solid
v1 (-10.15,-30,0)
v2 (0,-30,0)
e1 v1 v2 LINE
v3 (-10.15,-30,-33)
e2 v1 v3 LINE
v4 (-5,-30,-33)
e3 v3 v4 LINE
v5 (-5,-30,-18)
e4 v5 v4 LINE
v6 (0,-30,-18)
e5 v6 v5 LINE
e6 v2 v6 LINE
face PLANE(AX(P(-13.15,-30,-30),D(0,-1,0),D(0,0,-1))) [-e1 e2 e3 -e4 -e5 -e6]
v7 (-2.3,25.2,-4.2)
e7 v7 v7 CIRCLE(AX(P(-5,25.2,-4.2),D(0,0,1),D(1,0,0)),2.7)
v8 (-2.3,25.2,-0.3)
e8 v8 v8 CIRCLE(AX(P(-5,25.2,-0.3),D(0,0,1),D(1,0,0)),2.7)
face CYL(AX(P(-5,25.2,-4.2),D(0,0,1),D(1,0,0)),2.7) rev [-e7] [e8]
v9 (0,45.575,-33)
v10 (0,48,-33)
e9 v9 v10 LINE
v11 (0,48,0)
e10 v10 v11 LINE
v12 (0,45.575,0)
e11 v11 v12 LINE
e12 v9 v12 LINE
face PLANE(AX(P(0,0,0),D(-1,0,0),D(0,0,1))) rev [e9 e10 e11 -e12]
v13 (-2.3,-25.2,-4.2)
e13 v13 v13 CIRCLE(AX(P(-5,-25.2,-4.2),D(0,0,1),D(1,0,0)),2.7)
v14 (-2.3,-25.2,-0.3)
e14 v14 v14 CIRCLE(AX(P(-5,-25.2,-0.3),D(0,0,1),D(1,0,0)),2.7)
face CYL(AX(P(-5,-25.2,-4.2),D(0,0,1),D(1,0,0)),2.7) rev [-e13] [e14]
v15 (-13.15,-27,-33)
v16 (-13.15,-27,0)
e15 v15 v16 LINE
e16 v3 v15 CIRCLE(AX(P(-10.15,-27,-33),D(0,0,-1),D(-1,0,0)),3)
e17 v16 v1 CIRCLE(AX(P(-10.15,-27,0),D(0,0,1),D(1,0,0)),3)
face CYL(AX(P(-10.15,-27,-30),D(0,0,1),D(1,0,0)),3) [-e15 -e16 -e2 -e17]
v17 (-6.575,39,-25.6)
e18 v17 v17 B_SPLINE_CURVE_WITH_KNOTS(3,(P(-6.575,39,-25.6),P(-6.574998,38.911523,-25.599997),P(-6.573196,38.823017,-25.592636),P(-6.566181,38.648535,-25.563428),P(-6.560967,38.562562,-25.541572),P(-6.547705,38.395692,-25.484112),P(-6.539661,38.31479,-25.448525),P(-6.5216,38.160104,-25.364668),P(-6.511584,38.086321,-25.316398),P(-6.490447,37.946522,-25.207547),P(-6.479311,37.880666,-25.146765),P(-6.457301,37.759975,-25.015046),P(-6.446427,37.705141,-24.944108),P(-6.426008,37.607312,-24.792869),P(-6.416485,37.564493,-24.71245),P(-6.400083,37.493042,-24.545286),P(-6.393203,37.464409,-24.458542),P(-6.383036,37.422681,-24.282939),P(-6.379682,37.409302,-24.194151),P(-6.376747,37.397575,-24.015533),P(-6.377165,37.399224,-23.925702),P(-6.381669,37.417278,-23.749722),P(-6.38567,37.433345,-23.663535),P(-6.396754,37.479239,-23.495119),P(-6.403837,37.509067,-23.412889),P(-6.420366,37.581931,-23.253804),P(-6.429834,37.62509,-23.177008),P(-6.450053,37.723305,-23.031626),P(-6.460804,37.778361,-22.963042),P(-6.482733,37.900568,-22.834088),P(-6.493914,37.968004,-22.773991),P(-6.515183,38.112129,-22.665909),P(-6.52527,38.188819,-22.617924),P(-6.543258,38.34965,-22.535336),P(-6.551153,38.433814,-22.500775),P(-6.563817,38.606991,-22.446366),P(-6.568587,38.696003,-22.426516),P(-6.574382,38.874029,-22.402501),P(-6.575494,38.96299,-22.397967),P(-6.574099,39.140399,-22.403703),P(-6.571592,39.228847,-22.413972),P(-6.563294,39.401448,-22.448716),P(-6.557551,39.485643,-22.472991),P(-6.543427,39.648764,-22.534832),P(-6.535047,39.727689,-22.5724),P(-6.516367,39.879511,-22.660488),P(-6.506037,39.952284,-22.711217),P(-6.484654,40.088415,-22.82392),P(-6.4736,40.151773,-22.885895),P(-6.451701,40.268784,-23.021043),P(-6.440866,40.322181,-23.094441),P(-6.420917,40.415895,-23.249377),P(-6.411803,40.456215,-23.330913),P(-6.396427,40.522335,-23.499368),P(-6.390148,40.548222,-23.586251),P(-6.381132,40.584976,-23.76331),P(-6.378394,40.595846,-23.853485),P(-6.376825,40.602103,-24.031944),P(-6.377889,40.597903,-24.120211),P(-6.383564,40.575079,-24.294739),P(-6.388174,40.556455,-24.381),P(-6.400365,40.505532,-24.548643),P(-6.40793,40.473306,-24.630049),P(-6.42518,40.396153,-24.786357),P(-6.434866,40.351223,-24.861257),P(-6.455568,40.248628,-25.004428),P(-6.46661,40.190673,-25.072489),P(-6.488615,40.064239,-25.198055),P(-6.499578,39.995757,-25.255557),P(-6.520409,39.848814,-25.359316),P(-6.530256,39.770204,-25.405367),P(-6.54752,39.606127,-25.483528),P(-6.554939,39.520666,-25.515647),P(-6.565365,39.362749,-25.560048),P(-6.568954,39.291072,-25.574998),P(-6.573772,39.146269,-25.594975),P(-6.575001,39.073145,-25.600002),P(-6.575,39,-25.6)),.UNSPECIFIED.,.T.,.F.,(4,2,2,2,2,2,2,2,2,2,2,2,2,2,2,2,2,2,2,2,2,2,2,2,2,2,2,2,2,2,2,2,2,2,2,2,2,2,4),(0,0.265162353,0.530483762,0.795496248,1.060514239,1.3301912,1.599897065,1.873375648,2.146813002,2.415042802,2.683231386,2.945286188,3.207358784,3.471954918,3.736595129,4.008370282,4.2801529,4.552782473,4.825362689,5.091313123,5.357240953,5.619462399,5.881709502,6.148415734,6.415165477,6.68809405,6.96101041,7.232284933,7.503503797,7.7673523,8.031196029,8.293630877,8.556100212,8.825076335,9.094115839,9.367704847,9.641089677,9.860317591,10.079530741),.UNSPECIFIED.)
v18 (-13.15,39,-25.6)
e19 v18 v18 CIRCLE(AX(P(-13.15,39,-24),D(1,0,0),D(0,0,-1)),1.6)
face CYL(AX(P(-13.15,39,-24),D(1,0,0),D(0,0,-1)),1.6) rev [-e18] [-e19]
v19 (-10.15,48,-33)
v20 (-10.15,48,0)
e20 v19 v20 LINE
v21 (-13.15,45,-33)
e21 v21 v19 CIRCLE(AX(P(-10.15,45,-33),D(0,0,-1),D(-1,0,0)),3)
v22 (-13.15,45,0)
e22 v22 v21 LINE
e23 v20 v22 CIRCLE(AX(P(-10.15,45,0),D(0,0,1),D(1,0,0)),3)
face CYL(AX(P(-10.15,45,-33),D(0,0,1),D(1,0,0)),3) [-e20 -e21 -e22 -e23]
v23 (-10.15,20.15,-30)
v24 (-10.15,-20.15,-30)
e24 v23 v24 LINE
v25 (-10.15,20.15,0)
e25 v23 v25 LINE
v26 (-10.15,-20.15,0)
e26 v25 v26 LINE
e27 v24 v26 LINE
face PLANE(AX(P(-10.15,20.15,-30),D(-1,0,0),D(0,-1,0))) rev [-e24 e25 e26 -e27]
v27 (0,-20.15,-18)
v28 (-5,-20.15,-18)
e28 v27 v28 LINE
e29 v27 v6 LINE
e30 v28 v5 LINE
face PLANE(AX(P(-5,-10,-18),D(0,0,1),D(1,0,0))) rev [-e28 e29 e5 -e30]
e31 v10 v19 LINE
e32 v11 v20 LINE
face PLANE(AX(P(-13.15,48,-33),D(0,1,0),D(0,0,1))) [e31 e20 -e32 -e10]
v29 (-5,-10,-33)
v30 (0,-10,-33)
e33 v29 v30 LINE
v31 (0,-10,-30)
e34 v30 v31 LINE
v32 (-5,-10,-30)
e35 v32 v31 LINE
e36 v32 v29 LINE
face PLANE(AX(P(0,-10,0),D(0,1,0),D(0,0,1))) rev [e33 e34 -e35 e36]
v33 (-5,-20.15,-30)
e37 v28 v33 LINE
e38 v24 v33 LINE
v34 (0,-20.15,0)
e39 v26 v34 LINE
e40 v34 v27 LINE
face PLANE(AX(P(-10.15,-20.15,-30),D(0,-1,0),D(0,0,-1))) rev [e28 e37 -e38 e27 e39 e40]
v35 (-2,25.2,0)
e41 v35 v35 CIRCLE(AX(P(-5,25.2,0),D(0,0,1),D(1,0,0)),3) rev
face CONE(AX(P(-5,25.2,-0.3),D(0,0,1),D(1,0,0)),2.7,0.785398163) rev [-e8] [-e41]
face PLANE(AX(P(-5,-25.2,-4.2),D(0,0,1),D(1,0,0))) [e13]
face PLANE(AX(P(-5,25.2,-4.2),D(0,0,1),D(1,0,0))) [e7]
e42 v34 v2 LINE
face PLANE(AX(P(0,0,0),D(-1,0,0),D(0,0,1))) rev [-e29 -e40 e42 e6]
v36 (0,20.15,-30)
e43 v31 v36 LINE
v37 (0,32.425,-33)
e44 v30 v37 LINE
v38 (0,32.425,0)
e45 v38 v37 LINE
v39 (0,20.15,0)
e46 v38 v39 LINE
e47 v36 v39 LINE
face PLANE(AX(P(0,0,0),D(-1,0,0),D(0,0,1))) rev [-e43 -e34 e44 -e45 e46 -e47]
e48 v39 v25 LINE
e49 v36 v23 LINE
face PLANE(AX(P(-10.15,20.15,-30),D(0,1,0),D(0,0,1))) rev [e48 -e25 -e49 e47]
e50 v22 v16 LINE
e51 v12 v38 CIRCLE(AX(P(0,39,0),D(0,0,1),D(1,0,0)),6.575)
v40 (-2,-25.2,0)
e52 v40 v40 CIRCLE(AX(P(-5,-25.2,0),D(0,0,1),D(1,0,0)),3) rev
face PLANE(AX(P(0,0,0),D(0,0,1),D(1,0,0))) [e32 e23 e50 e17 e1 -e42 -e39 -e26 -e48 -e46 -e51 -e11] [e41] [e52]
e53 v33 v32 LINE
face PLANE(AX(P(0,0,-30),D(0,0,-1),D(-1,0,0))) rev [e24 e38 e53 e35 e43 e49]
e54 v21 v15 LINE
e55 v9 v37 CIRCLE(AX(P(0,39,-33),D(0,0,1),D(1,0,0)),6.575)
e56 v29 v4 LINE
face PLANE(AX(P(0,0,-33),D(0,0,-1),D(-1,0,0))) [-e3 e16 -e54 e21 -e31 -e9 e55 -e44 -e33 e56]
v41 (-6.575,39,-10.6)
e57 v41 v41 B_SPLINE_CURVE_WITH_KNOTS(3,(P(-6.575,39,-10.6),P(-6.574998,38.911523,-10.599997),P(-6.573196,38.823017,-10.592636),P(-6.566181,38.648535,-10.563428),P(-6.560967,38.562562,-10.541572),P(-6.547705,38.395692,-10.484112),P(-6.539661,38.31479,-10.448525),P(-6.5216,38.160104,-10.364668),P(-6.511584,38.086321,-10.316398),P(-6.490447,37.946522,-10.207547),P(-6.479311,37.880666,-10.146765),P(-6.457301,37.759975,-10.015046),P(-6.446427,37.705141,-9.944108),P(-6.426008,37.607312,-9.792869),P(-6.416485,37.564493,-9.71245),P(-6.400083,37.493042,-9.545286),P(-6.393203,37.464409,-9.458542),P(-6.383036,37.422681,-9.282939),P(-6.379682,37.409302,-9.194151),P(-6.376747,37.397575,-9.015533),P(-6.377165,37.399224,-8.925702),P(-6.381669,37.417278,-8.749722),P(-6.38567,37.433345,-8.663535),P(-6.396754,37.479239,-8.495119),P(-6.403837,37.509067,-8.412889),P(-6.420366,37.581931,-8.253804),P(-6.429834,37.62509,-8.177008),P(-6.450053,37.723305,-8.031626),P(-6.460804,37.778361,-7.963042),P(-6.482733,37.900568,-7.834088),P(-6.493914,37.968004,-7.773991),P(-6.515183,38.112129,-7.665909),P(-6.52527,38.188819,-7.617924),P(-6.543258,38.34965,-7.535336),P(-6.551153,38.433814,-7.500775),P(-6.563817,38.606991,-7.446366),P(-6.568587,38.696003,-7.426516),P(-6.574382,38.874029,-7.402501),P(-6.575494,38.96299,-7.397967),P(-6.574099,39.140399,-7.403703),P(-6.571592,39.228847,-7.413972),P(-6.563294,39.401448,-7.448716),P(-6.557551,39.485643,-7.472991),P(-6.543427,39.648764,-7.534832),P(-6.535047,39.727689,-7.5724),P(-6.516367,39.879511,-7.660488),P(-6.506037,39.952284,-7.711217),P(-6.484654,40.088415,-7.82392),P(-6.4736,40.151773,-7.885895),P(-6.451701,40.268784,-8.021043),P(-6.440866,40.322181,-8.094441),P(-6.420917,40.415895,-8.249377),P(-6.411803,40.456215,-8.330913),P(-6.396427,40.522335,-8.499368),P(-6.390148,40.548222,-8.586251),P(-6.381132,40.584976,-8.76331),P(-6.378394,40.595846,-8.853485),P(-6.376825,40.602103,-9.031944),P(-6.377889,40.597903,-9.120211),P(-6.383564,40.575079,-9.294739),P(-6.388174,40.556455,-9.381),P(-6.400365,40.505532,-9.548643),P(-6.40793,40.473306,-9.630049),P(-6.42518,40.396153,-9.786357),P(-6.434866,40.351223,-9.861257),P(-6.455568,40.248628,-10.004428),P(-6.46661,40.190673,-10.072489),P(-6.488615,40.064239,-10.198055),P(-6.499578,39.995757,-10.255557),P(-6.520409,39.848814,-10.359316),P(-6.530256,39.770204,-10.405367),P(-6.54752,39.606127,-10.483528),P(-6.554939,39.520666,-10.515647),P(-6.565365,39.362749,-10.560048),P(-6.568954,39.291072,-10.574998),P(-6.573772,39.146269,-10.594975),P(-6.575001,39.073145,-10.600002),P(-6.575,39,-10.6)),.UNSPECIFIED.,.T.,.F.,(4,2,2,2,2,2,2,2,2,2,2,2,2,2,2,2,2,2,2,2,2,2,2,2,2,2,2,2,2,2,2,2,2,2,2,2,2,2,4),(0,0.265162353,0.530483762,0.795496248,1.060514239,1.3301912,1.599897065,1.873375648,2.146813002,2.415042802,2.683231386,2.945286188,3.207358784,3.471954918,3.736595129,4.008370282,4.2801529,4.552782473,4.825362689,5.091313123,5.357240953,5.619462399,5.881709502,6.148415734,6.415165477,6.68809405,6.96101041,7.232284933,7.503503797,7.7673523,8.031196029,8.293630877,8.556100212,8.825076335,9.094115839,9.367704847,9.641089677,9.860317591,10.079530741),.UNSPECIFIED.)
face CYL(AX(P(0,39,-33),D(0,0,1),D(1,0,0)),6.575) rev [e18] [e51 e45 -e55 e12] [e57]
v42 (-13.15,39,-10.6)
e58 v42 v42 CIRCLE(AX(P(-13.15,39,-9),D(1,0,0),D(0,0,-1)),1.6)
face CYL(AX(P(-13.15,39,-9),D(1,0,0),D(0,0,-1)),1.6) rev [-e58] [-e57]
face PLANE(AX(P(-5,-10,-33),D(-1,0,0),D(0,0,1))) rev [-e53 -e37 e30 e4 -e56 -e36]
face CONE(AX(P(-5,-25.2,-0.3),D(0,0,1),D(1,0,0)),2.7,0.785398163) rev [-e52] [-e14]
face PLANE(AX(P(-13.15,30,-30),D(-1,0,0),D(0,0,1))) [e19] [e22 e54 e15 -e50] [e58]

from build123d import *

# Parameters (mm, degrees)
SKETCH1_W           = 26.3
SKETCH1_H           = 60
SKETCH1_W_2         = 20.3
SKETCH1_H_2         = 40.3
BOSS_EXTRUDE1_DEPTH = 30
BOSS_EXTRUDE2_START = -30
SKETCH1_2_W         = 26.3
SKETCH1_2_H         = 60
BOSS_EXTRUDE2_DEPTH = 3
SKETCH2_W           = 26.3
SKETCH2_H           = 18
SKETCH2_R           = 6.575
BOSS_EXTRUDE3_DEPTH = 33
SKETCH3_W           = 10
SKETCH3_H           = 15
CUT_EXTRUDE1_DEPTH  = 20
CUT_EXTRUDE2_DEPTH  = 64.911579545
FILLET1_R           = 3
SKETCH5_R           = 2.7
CUT_EXTRUDE4_DEPTH  = 4.2
CHAMFER1_SIZE       = 0.3


with BuildPart() as part:
    # Sketch1 → Boss-Extrude1 (new body)
    with BuildSketch(Plane.XY):
        Rectangle(SKETCH1_W, SKETCH1_H)
        Rectangle(SKETCH1_W_2, SKETCH1_H_2, mode=Mode.SUBTRACT)
    extrude(amount=-BOSS_EXTRUDE1_DEPTH)

    # Sketch1<2> → Boss-Extrude2 (add)
    with BuildSketch(Plane.XY.offset(BOSS_EXTRUDE2_START)):
        Rectangle(SKETCH1_2_W, SKETCH1_2_H)
    extrude(amount=-BOSS_EXTRUDE2_DEPTH)

    # Sketch2 → Boss-Extrude3 (add)
    with BuildSketch(Plane.XY):
        with Locations((0, 39)):
            Rectangle(SKETCH2_W, SKETCH2_H)
        with Locations((0, 39)):
            Circle(SKETCH2_R, mode=Mode.SUBTRACT)
    extrude(amount=-BOSS_EXTRUDE3_DEPTH)

    # Sketch3 → Cut-Extrude1 (cut)
    with BuildSketch(Plane.XZ.offset(30)):
        with Locations((0, -25.5)):
            Rectangle(SKETCH3_W, SKETCH3_H)
    extrude(amount=-CUT_EXTRUDE1_DEPTH, mode=Mode.SUBTRACT)

    # Sketch4 → Cut-Extrude2 (cut, through all)
    with BuildSketch(Plane(origin=(13.15, 0, 0), x_dir=(0, 0, -1), z_dir=(1, 0, 0))):
        with BuildLine():
            ThreePointArc((7.4, 39), (9, 37.4), (10.6, 39))
            Line((10.6, 39), (7.4, 39))
        make_face()
        with BuildLine():
            Line((7.4, 39), (10.6, 39))
            ThreePointArc((10.6, 39), (9, 40.6), (7.4, 39))
        make_face()
        with BuildLine():
            ThreePointArc((22.4, 39), (24, 37.4), (25.6, 39))
            Line((25.6, 39), (22.4, 39))
        make_face()
        with BuildLine():
            Line((22.4, 39), (25.6, 39))
            ThreePointArc((25.6, 39), (24, 40.6), (22.4, 39))
        make_face()
    extrude(amount=-CUT_EXTRUDE2_DEPTH, mode=Mode.SUBTRACT)

    # Fillet1
    fillet1_edges = [part.edges().sort_by_distance(p)[0] for p in [
        (-13.15, 48, -16.5),
        (13.15, 48, -16.5),
        (13.15, -30, -16.5),
        (-13.15, -30, -16.5),
    ]]
    fillet(fillet1_edges, radius=FILLET1_R)

    # SurfaceCut2
    split(bisect_by=Plane.ZY, keep=Keep.TOP)

    # Sketch5 → Cut-Extrude4 (cut)
    with BuildSketch(Plane.XY):
        with Locations((-5, -25.2)):
            Circle(SKETCH5_R)
        with Locations((-5, 25.2)):
            Circle(SKETCH5_R)
    extrude(amount=-CUT_EXTRUDE4_DEPTH, mode=Mode.SUBTRACT)

    # Chamfer1
    chamfer1_edges = [part.edges().sort_by_distance(p)[0] for p in [
        (-7.7, -25.2, 0),
        (-7.7, 25.2, 0),
    ]]
    chamfer(chamfer1_edges, length=CHAMFER1_SIZE)


solid = part.part
